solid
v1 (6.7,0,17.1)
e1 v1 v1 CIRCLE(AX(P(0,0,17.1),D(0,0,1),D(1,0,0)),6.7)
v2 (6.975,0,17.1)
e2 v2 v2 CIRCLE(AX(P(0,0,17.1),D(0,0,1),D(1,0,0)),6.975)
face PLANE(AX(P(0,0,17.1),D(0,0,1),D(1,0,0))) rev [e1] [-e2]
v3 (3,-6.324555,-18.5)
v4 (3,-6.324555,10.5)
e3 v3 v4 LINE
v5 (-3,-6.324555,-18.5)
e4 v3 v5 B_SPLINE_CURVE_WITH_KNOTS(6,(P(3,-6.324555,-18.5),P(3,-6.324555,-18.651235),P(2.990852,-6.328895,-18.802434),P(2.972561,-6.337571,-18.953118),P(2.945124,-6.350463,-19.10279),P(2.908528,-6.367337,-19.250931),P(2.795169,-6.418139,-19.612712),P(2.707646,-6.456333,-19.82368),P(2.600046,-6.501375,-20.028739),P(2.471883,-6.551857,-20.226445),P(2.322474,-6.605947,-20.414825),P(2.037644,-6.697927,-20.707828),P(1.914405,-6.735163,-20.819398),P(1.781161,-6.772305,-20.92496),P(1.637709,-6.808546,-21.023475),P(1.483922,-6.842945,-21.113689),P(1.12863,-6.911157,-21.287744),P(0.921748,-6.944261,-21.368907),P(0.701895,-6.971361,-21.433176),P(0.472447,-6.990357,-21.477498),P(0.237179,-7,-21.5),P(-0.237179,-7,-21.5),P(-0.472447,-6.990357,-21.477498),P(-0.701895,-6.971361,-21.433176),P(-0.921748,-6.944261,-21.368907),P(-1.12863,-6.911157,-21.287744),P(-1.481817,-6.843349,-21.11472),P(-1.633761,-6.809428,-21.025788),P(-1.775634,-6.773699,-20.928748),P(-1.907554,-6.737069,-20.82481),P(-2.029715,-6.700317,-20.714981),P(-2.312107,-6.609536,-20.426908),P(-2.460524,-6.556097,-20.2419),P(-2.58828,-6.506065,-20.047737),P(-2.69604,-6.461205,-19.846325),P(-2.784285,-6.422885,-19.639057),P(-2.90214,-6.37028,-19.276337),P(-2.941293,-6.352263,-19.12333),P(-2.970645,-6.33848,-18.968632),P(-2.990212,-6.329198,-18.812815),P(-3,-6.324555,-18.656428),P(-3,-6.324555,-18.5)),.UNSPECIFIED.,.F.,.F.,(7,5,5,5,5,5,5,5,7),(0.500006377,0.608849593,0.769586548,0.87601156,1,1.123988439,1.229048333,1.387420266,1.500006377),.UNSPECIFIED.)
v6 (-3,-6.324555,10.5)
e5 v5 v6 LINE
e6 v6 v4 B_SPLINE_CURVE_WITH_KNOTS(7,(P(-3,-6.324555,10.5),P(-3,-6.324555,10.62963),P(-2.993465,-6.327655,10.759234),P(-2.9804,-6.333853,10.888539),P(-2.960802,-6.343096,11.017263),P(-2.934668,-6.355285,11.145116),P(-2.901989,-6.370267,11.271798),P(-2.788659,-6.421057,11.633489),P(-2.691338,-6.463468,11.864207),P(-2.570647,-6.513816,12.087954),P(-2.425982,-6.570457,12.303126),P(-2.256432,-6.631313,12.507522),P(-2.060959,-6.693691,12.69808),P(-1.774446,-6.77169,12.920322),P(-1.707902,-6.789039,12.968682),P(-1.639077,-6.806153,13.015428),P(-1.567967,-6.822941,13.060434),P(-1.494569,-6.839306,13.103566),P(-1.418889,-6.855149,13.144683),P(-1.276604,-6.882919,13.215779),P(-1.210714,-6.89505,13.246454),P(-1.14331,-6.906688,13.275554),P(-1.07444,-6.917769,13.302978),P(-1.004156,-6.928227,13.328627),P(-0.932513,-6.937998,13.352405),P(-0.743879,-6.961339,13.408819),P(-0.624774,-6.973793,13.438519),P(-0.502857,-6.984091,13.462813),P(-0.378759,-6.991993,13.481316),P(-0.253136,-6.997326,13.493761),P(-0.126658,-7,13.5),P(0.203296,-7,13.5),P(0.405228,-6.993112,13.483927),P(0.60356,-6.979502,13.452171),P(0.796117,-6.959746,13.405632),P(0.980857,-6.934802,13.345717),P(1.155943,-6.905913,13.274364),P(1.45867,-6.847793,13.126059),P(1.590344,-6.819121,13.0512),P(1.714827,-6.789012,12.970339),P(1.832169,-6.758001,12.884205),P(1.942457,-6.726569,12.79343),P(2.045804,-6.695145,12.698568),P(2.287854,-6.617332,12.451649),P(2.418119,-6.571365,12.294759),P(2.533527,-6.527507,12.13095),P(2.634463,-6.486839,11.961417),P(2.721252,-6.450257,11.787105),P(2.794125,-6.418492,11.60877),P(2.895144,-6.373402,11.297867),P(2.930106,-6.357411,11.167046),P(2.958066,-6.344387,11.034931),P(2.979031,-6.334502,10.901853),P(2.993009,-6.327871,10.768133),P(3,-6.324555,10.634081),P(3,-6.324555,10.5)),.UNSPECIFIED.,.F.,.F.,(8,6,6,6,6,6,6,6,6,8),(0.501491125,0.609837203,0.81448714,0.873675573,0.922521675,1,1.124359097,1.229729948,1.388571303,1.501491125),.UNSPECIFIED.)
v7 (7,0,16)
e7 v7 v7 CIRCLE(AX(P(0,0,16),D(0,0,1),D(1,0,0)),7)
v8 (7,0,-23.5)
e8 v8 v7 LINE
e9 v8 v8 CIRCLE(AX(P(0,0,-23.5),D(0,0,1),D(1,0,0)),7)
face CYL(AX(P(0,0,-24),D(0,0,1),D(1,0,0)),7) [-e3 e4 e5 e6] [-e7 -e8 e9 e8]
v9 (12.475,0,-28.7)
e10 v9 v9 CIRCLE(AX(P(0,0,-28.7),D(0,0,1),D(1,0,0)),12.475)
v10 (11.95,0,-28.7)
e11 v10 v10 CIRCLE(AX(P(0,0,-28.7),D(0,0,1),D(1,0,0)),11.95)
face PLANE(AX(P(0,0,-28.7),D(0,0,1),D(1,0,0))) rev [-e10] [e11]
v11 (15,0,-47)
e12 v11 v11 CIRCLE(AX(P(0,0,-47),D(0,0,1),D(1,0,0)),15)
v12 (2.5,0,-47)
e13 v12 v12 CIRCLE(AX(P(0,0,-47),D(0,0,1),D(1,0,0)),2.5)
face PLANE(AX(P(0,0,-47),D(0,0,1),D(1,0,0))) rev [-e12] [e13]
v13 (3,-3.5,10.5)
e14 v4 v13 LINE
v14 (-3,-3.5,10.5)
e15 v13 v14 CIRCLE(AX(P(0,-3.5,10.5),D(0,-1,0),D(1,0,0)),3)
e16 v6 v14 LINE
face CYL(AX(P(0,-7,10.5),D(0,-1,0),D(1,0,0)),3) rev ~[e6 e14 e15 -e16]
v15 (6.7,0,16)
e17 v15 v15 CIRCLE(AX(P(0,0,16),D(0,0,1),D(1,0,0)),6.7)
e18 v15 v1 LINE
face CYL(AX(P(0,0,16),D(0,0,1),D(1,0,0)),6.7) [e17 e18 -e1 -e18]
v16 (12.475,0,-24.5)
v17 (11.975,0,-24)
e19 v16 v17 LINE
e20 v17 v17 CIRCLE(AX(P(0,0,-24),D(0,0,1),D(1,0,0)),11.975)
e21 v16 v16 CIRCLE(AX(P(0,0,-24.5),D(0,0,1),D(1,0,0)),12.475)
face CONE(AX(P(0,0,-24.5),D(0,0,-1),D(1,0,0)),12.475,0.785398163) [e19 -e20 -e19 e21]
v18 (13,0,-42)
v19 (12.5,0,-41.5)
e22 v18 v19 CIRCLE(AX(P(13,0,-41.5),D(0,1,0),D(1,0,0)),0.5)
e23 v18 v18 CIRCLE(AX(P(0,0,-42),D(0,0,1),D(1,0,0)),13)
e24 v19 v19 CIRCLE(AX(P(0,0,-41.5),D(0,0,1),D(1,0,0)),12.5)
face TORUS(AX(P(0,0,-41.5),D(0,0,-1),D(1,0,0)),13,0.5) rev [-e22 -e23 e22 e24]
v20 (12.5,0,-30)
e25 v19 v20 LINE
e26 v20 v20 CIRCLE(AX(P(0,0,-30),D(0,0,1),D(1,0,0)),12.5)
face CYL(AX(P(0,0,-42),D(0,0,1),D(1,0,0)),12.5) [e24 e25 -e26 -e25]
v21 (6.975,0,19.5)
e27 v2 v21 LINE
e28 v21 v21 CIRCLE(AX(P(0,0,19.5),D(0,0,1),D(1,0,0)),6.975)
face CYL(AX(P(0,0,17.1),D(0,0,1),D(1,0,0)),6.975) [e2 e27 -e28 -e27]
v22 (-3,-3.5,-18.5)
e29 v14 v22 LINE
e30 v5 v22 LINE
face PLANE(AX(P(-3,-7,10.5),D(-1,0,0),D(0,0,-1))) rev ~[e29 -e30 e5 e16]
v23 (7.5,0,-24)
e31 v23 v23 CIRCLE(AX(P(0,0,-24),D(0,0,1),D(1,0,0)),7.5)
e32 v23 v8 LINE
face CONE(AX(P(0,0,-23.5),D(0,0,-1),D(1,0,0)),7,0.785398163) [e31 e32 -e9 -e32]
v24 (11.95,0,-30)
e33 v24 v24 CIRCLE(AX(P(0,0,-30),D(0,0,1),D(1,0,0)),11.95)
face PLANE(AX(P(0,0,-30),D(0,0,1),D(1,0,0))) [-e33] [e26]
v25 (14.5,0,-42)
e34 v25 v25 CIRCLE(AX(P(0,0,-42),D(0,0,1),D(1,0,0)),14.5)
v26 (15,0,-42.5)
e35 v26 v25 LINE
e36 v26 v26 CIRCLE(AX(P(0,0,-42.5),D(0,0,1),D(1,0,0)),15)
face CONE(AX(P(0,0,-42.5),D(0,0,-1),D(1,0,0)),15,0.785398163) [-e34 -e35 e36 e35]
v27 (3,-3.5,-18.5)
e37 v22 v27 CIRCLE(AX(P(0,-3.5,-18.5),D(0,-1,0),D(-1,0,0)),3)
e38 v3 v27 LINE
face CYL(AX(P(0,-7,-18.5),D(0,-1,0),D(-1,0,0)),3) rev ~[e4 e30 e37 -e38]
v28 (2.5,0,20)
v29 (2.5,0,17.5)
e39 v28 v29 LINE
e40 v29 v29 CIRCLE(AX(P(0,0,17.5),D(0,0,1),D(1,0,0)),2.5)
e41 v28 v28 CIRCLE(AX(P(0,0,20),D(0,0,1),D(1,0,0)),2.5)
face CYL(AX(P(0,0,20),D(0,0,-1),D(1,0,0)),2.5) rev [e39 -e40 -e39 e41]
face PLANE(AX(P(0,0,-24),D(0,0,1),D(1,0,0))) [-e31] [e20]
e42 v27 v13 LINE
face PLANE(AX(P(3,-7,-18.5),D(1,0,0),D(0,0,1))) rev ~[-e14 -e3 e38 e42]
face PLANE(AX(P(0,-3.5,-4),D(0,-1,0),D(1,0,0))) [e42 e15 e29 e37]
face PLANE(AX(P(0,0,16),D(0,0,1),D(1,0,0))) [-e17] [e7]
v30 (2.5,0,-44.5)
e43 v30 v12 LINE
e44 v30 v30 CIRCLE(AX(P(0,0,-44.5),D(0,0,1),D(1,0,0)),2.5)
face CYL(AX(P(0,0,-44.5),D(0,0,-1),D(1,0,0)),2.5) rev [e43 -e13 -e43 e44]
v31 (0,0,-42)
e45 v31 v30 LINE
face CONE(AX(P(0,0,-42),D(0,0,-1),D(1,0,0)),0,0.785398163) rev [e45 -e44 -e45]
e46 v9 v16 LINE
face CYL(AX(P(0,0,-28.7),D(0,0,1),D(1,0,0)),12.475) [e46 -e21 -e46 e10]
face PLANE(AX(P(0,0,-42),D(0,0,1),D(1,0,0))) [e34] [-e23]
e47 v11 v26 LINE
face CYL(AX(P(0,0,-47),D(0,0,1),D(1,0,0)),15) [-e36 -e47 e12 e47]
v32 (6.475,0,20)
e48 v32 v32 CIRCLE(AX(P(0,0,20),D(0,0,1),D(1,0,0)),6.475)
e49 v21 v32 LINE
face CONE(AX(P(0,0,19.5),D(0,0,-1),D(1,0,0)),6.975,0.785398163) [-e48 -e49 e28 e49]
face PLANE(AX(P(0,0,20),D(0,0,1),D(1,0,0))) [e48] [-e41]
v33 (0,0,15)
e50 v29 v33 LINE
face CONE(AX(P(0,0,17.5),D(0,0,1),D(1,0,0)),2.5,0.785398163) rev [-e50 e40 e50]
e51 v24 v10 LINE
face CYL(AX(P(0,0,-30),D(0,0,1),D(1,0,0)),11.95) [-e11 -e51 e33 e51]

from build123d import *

# Parameters (mm, degrees)
F2_SIZE  = 0.5
F3_R     = 0.5
F6_DEPTH = 3.5


with BuildPart() as f1:
    # F0 (on Front) → F1 (revolve)
    with BuildSketch(Plane.XZ):
        Polygon((0, 15), (0, 0), (0, -42), (2.5, -44.5), (2.5, -47), (15, -47), (15, -45), (15, -42), (12.5, -42), (12.5, -30), (11.95, -30), (11.95, -28.7), (12.475, -28.7), (12.475, -24), (7, -24), (7, 16), (6.7, 16), (6.7, 17.1), (6.975, 17.1), (6.975, 20), (2.5, 20), (2.5, 17.5), align=None)
    revolve(axis=Axis((0, 0, 55.465363), (0, 0, 1)))

    # F2
    f2_edges = [f1.edges().sort_by_distance(p)[0] for p in [
        (-6.975, 0, 20),
        (-12.475, 0, -24),
        (-7, 0, -24),
        (-15, 0, -42),
    ]]
    chamfer(f2_edges, length=F2_SIZE)

    # F3
    f3_edges = [f1.edges().sort_by_distance(p)[0] for p in [
        (-12.5, 0, -42),
    ]]
    fillet(f3_edges, radius=F3_R)

    # F5 (on offset) → F6 (cut)
    with BuildSketch(Plane.XZ.offset(7)):
        with BuildLine():
            Line((3, -18.5), (3, 10.5))
            ThreePointArc((3, 10.5), (0, 13.5), (-3, 10.5))
            Line((-3, 10.5), (-3, -18.5))
            ThreePointArc((-3, -18.5), (0, -21.5), (3, -18.5))
        make_face()
    extrude(amount=-F6_DEPTH, mode=Mode.SUBTRACT)


solid = f1.part
